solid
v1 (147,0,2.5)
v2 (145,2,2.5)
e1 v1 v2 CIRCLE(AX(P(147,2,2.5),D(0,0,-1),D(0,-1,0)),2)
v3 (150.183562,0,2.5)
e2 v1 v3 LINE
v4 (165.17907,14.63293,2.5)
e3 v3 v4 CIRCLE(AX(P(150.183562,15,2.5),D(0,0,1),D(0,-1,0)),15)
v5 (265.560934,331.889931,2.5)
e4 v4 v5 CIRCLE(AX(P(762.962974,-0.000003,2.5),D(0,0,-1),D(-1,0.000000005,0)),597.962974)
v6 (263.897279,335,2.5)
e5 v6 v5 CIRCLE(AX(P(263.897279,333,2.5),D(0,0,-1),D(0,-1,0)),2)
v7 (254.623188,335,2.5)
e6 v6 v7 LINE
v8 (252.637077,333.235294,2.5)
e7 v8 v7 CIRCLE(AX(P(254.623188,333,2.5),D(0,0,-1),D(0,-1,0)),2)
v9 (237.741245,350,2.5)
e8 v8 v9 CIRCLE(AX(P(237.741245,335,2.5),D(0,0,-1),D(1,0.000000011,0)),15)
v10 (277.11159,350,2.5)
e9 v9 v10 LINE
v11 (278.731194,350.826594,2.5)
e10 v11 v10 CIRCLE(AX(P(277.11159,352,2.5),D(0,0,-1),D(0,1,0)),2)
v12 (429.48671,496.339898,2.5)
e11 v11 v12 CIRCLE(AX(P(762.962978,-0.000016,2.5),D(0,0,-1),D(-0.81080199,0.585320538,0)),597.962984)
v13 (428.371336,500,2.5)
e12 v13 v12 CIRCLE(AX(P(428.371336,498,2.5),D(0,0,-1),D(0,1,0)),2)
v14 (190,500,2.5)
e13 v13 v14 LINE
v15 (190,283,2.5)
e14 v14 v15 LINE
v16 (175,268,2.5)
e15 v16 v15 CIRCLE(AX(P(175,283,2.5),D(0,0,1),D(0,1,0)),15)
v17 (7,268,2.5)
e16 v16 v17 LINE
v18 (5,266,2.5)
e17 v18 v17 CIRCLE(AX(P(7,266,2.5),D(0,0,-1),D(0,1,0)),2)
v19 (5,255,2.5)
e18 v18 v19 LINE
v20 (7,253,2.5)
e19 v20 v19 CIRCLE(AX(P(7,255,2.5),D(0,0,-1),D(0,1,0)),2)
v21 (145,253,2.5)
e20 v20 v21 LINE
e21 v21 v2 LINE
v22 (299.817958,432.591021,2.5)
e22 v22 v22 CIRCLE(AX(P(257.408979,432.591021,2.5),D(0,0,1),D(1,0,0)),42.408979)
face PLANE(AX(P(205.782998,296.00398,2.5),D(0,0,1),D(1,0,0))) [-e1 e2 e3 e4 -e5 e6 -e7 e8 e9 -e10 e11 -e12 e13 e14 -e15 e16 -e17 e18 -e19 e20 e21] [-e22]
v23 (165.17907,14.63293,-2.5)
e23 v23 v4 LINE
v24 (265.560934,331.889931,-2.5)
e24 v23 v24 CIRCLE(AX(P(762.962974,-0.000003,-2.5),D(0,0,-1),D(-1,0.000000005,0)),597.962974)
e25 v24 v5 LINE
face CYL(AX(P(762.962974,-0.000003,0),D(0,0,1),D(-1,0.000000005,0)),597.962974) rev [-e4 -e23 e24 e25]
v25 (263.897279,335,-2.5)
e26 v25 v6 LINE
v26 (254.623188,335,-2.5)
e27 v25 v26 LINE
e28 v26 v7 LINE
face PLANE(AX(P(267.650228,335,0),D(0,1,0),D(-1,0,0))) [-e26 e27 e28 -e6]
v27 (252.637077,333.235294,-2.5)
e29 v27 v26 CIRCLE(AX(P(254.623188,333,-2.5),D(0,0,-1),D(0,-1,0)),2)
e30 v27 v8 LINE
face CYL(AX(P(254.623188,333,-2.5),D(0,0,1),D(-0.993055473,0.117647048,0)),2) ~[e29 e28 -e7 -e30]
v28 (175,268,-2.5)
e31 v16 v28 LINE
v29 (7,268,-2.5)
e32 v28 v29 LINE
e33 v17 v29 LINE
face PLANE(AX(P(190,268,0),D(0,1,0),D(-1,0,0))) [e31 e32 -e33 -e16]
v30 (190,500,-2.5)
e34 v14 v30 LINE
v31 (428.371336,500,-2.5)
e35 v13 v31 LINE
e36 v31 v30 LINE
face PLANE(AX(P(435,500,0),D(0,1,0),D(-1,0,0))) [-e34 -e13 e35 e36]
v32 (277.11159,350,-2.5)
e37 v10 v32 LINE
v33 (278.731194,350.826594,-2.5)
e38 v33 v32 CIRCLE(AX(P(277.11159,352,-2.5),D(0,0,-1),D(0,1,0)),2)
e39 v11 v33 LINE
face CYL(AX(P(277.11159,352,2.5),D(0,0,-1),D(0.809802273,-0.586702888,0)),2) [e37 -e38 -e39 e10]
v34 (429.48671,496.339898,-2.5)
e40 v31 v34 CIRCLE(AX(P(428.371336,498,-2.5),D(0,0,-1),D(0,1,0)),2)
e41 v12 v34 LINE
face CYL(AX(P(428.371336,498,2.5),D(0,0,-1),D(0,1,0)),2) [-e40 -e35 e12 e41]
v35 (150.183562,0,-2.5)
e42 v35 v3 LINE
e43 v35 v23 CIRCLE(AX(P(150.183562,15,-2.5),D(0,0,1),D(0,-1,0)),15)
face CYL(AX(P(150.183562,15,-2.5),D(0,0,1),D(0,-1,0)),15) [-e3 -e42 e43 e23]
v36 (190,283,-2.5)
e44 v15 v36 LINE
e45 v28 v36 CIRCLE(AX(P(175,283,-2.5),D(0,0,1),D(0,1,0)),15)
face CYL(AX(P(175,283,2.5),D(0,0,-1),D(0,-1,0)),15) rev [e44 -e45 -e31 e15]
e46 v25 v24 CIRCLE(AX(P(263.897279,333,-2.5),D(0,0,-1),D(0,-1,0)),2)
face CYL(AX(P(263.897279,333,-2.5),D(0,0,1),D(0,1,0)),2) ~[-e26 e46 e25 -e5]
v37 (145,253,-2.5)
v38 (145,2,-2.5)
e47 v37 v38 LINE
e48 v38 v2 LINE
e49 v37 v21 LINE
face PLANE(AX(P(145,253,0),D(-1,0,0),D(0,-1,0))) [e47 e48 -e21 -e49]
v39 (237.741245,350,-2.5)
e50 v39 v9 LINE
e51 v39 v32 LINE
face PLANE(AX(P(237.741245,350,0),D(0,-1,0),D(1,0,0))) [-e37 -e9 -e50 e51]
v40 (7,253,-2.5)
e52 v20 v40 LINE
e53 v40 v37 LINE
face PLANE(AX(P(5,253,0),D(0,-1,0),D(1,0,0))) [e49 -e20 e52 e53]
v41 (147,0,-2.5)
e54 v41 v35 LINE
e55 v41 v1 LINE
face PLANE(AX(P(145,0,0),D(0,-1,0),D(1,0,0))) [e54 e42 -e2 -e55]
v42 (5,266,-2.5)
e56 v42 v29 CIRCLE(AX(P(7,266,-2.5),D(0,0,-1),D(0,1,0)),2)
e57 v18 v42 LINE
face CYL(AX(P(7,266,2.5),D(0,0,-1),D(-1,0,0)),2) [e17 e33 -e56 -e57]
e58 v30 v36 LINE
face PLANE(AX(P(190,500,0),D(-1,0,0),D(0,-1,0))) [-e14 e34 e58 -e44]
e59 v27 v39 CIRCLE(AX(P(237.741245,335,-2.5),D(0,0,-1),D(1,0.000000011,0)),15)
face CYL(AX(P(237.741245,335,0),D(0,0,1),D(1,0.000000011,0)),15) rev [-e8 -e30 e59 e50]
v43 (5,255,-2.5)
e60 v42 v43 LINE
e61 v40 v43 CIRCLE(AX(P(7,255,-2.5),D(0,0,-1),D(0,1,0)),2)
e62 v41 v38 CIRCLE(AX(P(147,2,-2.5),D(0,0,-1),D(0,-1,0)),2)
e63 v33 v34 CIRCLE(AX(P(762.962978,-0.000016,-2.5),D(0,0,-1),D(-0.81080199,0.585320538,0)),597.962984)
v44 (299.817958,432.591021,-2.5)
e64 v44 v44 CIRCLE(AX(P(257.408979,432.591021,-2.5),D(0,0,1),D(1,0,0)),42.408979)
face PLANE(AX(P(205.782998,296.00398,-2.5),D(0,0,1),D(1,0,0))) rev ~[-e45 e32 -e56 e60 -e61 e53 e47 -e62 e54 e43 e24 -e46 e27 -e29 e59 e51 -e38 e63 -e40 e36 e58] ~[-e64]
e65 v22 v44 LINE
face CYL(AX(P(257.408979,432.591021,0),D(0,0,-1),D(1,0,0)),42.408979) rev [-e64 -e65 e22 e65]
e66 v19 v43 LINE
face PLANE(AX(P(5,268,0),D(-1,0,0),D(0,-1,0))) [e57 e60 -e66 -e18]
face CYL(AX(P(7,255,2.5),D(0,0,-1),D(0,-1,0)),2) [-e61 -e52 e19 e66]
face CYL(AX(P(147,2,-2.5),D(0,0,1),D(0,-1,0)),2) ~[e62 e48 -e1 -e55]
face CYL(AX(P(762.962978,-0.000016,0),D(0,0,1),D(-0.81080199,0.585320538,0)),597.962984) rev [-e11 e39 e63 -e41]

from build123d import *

# Parameters (mm, degrees)
F0_R     = 42.408979
F1_DEPTH = 2.5
F2_R     = 2
F3_R     = 15


with BuildPart() as f1:
    # F0 (on Top) → F1 (new body, symmetric)
    with BuildSketch(Plane.XY):
        with BuildLine():
            Line((5, 253), (145, 253))
            Line((145, 253), (145, 0))
            Line((145, 0), (165, 0))
            ThreePointArc((165, 0), (191.238215, 175.187092), (267.650228, 335))
            Line((267.650228, 335), (252.741245, 335))
            ThreePointArc((252.741245, 335), (227.134643, 324.393398), (237.741245, 350))
            Line((237.741245, 350), (278.1334, 350))
            ThreePointArc((278.1334, 350), (349.704058, 432.176795), (435, 500))
            Line((435, 500), (190, 500))
            Line((190, 500), (190, 268))
            Line((190, 268), (5, 268))
            Line((5, 268), (5, 253))
        make_face()
        with Locations((257.408979, 432.591021)):
            Circle(F0_R, mode=Mode.SUBTRACT)
    extrude(amount=F1_DEPTH, both=True)

    # F2
    f2_edges = [f1.edges().sort_by_distance(p)[0] for p in [
        (435, 500, 0),
        (145, 0, 0),
        (5, 268, 0),
        (5, 253, 0),
        (278.1334, 350, 0),
        (267.650228, 335, 0),
        (252.741245, 335, 0),
    ]]
    fillet(f2_edges, radius=F2_R)

    # F3
    f3_edges = [f1.edges().sort_by_distance(p)[0] for p in [
        (190, 268, 0),
        (165, 0, 0),
    ]]
    fillet(f3_edges, radius=F3_R)


solid = f1.part
